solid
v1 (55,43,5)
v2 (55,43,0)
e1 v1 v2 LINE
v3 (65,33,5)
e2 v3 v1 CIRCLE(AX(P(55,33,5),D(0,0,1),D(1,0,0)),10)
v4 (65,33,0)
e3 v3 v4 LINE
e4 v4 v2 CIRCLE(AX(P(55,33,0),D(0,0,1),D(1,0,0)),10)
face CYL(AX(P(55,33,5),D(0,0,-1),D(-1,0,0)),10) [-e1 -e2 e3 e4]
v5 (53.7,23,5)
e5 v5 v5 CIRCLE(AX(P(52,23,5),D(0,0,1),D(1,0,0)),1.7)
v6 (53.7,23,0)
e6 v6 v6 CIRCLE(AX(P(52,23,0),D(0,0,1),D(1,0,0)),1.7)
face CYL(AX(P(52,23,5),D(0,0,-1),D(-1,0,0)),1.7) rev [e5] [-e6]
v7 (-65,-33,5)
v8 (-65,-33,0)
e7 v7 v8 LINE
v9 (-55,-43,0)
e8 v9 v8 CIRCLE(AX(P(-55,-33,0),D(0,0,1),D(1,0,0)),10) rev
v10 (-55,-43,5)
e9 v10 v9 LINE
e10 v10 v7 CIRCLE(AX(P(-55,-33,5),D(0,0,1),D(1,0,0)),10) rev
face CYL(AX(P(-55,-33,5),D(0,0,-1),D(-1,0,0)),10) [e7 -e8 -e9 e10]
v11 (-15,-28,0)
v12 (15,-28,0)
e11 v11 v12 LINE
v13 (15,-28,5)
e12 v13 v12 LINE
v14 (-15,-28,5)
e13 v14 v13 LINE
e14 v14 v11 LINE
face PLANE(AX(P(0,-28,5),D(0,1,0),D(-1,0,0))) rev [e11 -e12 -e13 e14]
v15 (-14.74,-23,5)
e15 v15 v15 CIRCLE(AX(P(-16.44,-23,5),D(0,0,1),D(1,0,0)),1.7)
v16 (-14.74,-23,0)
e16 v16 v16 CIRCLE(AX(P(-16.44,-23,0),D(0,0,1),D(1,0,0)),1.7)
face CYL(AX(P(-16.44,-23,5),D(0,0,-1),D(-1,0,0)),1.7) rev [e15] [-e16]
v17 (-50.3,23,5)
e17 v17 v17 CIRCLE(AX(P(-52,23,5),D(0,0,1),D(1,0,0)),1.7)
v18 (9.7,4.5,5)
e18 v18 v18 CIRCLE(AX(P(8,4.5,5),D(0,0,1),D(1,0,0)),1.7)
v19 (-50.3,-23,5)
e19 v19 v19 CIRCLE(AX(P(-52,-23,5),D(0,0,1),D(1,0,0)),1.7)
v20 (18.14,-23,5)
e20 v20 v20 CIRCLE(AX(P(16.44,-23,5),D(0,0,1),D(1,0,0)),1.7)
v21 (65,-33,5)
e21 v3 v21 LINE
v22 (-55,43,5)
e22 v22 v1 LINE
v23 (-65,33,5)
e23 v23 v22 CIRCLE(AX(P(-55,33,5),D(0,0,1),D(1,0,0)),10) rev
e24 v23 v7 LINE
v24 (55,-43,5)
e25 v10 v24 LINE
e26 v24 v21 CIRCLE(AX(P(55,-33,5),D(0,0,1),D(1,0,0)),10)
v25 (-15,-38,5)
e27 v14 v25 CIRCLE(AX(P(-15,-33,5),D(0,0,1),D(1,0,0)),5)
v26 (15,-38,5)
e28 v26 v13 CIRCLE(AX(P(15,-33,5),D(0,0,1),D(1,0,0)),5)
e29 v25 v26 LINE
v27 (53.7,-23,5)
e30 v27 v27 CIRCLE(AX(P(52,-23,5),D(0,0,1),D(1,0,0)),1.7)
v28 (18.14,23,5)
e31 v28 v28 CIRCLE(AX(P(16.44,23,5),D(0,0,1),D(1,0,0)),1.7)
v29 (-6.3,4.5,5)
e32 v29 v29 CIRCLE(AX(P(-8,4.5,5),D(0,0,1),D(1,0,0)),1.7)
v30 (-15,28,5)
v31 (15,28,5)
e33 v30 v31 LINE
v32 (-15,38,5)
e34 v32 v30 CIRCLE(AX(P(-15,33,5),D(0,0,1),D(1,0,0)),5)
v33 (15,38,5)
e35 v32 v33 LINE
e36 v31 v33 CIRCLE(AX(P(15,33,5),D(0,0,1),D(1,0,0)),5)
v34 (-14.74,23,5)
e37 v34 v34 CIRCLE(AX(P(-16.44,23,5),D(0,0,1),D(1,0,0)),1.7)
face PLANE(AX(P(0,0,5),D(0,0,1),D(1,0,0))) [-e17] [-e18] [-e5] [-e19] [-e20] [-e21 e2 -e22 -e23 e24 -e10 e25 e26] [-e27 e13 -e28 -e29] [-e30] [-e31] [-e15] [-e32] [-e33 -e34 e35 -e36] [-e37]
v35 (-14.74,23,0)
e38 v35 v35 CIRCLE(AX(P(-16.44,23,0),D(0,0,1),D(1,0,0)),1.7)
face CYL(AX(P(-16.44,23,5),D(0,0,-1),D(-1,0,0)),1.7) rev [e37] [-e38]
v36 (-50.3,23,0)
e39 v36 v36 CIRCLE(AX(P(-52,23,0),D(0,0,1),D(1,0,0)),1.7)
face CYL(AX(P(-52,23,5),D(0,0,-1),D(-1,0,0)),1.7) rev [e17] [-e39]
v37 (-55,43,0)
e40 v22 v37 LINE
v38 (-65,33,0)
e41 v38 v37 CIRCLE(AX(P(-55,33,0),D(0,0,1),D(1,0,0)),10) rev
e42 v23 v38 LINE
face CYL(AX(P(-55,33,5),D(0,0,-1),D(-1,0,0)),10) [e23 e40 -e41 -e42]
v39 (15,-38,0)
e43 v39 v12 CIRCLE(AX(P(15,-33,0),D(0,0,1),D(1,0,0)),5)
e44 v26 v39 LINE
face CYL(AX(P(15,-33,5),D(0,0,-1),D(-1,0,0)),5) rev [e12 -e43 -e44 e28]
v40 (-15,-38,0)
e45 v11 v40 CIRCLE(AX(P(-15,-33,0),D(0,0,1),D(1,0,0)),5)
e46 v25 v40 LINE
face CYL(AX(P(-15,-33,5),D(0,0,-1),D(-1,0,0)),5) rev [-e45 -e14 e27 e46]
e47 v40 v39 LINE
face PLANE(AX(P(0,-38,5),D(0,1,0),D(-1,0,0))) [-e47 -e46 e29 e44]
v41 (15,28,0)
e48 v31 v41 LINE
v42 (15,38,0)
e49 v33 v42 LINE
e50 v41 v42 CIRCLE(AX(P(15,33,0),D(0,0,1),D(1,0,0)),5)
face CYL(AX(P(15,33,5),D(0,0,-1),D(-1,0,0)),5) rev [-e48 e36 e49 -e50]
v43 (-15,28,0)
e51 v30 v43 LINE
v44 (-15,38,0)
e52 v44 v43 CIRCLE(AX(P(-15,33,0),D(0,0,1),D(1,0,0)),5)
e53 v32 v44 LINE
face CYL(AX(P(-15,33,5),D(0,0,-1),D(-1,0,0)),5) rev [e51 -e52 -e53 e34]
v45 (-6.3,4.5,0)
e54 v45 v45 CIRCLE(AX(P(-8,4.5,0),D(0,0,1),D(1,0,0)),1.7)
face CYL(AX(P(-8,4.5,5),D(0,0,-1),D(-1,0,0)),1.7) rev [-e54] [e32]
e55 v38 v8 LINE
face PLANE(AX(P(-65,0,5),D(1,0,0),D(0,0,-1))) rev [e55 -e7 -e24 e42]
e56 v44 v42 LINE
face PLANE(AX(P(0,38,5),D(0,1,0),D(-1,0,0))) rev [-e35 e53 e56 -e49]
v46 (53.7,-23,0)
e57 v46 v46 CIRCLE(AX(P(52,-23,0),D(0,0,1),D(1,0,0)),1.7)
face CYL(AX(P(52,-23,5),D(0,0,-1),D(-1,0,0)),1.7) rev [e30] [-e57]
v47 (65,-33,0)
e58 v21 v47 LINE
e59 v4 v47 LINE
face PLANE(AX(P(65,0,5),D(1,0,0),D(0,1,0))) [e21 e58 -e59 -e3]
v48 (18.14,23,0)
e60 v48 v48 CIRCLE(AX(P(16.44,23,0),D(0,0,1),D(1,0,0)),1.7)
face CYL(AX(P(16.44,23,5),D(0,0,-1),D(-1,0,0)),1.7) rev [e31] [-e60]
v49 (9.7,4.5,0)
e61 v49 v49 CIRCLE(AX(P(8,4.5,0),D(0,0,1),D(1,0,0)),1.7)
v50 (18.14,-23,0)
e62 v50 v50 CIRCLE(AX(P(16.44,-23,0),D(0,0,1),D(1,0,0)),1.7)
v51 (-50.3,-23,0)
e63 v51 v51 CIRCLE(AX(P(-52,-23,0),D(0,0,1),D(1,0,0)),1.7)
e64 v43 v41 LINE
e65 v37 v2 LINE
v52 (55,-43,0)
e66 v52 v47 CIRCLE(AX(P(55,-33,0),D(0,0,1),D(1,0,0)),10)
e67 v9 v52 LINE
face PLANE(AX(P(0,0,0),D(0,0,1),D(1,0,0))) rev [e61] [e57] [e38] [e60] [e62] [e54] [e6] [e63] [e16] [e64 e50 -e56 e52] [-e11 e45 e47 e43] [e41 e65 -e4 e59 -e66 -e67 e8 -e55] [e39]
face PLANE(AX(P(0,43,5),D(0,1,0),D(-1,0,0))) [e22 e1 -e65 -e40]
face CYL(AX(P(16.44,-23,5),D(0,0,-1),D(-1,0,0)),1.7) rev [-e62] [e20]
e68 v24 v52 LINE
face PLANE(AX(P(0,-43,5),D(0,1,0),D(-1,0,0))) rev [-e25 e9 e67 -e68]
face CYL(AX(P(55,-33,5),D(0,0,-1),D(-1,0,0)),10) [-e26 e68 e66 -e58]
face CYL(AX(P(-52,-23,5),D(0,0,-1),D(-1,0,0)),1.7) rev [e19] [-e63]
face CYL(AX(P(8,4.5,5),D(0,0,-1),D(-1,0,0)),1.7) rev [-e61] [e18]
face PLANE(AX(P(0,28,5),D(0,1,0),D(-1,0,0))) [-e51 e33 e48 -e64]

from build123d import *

# Parameters (mm, degrees)
SKETCH1_R           = 1.7
BOSS_EXTRUDE1_DEPTH = 5


with BuildPart() as part:
    # Sketch1 → Boss-Extrude1 (new body)
    with BuildSketch(Plane.XY):
        with BuildLine():
            ThreePointArc((-55, 43), (-62.071067812, 40.071067812), (-65, 33))
            Line((-65, 33), (-65, -33))
            ThreePointArc((-65, -33), (-62.071067812, -40.071067812), (-55, -43))
            Line((-55, -43), (55, -43))
            ThreePointArc((55, -43), (62.071067812, -40.071067812), (65, -33))
            Line((65, -33), (65, 33))
            ThreePointArc((65, 33), (62.071067812, 40.071067812), (55, 43))
            Line((55, 43), (-55, 43))
        make_face()
        with Locations((52, -23)):
            Circle(SKETCH1_R, mode=Mode.SUBTRACT)
        with Locations((-52, -23)):
            Circle(SKETCH1_R, mode=Mode.SUBTRACT)
        with Locations((52, 23)):
            Circle(SKETCH1_R, mode=Mode.SUBTRACT)
        with Locations((-52, 23)):
            Circle(SKETCH1_R, mode=Mode.SUBTRACT)
        with BuildLine():
            ThreePointArc((15, 38), (20, 33), (15, 28))
            Line((15, 28), (-15, 28))
            ThreePointArc((-15, 28), (-20, 33), (-15, 38))
            Line((-15, 38), (15, 38))
        make_face(mode=Mode.SUBTRACT)
        with Locations((-16.44, -23)):
            Circle(SKETCH1_R, mode=Mode.SUBTRACT)
        with BuildLine():
            ThreePointArc((-15, -38), (-20, -33), (-15, -28))
            Line((-15, -28), (15, -28))
            ThreePointArc((15, -28), (20, -33), (15, -38))
            Line((15, -38), (-15, -38))
        make_face(mode=Mode.SUBTRACT)
        with Locations((16.44, -23)):
            Circle(SKETCH1_R, mode=Mode.SUBTRACT)
        with Locations((-8, 4.5)):
            Circle(SKETCH1_R, mode=Mode.SUBTRACT)
        with Locations((-16.44, 23)):
            Circle(SKETCH1_R, mode=Mode.SUBTRACT)
        with Locations((8, 4.5)):
            Circle(SKETCH1_R, mode=Mode.SUBTRACT)
        with Locations((16.44, 23)):
            Circle(SKETCH1_R, mode=Mode.SUBTRACT)
    extrude(amount=BOSS_EXTRUDE1_DEPTH)


solid = part.part
